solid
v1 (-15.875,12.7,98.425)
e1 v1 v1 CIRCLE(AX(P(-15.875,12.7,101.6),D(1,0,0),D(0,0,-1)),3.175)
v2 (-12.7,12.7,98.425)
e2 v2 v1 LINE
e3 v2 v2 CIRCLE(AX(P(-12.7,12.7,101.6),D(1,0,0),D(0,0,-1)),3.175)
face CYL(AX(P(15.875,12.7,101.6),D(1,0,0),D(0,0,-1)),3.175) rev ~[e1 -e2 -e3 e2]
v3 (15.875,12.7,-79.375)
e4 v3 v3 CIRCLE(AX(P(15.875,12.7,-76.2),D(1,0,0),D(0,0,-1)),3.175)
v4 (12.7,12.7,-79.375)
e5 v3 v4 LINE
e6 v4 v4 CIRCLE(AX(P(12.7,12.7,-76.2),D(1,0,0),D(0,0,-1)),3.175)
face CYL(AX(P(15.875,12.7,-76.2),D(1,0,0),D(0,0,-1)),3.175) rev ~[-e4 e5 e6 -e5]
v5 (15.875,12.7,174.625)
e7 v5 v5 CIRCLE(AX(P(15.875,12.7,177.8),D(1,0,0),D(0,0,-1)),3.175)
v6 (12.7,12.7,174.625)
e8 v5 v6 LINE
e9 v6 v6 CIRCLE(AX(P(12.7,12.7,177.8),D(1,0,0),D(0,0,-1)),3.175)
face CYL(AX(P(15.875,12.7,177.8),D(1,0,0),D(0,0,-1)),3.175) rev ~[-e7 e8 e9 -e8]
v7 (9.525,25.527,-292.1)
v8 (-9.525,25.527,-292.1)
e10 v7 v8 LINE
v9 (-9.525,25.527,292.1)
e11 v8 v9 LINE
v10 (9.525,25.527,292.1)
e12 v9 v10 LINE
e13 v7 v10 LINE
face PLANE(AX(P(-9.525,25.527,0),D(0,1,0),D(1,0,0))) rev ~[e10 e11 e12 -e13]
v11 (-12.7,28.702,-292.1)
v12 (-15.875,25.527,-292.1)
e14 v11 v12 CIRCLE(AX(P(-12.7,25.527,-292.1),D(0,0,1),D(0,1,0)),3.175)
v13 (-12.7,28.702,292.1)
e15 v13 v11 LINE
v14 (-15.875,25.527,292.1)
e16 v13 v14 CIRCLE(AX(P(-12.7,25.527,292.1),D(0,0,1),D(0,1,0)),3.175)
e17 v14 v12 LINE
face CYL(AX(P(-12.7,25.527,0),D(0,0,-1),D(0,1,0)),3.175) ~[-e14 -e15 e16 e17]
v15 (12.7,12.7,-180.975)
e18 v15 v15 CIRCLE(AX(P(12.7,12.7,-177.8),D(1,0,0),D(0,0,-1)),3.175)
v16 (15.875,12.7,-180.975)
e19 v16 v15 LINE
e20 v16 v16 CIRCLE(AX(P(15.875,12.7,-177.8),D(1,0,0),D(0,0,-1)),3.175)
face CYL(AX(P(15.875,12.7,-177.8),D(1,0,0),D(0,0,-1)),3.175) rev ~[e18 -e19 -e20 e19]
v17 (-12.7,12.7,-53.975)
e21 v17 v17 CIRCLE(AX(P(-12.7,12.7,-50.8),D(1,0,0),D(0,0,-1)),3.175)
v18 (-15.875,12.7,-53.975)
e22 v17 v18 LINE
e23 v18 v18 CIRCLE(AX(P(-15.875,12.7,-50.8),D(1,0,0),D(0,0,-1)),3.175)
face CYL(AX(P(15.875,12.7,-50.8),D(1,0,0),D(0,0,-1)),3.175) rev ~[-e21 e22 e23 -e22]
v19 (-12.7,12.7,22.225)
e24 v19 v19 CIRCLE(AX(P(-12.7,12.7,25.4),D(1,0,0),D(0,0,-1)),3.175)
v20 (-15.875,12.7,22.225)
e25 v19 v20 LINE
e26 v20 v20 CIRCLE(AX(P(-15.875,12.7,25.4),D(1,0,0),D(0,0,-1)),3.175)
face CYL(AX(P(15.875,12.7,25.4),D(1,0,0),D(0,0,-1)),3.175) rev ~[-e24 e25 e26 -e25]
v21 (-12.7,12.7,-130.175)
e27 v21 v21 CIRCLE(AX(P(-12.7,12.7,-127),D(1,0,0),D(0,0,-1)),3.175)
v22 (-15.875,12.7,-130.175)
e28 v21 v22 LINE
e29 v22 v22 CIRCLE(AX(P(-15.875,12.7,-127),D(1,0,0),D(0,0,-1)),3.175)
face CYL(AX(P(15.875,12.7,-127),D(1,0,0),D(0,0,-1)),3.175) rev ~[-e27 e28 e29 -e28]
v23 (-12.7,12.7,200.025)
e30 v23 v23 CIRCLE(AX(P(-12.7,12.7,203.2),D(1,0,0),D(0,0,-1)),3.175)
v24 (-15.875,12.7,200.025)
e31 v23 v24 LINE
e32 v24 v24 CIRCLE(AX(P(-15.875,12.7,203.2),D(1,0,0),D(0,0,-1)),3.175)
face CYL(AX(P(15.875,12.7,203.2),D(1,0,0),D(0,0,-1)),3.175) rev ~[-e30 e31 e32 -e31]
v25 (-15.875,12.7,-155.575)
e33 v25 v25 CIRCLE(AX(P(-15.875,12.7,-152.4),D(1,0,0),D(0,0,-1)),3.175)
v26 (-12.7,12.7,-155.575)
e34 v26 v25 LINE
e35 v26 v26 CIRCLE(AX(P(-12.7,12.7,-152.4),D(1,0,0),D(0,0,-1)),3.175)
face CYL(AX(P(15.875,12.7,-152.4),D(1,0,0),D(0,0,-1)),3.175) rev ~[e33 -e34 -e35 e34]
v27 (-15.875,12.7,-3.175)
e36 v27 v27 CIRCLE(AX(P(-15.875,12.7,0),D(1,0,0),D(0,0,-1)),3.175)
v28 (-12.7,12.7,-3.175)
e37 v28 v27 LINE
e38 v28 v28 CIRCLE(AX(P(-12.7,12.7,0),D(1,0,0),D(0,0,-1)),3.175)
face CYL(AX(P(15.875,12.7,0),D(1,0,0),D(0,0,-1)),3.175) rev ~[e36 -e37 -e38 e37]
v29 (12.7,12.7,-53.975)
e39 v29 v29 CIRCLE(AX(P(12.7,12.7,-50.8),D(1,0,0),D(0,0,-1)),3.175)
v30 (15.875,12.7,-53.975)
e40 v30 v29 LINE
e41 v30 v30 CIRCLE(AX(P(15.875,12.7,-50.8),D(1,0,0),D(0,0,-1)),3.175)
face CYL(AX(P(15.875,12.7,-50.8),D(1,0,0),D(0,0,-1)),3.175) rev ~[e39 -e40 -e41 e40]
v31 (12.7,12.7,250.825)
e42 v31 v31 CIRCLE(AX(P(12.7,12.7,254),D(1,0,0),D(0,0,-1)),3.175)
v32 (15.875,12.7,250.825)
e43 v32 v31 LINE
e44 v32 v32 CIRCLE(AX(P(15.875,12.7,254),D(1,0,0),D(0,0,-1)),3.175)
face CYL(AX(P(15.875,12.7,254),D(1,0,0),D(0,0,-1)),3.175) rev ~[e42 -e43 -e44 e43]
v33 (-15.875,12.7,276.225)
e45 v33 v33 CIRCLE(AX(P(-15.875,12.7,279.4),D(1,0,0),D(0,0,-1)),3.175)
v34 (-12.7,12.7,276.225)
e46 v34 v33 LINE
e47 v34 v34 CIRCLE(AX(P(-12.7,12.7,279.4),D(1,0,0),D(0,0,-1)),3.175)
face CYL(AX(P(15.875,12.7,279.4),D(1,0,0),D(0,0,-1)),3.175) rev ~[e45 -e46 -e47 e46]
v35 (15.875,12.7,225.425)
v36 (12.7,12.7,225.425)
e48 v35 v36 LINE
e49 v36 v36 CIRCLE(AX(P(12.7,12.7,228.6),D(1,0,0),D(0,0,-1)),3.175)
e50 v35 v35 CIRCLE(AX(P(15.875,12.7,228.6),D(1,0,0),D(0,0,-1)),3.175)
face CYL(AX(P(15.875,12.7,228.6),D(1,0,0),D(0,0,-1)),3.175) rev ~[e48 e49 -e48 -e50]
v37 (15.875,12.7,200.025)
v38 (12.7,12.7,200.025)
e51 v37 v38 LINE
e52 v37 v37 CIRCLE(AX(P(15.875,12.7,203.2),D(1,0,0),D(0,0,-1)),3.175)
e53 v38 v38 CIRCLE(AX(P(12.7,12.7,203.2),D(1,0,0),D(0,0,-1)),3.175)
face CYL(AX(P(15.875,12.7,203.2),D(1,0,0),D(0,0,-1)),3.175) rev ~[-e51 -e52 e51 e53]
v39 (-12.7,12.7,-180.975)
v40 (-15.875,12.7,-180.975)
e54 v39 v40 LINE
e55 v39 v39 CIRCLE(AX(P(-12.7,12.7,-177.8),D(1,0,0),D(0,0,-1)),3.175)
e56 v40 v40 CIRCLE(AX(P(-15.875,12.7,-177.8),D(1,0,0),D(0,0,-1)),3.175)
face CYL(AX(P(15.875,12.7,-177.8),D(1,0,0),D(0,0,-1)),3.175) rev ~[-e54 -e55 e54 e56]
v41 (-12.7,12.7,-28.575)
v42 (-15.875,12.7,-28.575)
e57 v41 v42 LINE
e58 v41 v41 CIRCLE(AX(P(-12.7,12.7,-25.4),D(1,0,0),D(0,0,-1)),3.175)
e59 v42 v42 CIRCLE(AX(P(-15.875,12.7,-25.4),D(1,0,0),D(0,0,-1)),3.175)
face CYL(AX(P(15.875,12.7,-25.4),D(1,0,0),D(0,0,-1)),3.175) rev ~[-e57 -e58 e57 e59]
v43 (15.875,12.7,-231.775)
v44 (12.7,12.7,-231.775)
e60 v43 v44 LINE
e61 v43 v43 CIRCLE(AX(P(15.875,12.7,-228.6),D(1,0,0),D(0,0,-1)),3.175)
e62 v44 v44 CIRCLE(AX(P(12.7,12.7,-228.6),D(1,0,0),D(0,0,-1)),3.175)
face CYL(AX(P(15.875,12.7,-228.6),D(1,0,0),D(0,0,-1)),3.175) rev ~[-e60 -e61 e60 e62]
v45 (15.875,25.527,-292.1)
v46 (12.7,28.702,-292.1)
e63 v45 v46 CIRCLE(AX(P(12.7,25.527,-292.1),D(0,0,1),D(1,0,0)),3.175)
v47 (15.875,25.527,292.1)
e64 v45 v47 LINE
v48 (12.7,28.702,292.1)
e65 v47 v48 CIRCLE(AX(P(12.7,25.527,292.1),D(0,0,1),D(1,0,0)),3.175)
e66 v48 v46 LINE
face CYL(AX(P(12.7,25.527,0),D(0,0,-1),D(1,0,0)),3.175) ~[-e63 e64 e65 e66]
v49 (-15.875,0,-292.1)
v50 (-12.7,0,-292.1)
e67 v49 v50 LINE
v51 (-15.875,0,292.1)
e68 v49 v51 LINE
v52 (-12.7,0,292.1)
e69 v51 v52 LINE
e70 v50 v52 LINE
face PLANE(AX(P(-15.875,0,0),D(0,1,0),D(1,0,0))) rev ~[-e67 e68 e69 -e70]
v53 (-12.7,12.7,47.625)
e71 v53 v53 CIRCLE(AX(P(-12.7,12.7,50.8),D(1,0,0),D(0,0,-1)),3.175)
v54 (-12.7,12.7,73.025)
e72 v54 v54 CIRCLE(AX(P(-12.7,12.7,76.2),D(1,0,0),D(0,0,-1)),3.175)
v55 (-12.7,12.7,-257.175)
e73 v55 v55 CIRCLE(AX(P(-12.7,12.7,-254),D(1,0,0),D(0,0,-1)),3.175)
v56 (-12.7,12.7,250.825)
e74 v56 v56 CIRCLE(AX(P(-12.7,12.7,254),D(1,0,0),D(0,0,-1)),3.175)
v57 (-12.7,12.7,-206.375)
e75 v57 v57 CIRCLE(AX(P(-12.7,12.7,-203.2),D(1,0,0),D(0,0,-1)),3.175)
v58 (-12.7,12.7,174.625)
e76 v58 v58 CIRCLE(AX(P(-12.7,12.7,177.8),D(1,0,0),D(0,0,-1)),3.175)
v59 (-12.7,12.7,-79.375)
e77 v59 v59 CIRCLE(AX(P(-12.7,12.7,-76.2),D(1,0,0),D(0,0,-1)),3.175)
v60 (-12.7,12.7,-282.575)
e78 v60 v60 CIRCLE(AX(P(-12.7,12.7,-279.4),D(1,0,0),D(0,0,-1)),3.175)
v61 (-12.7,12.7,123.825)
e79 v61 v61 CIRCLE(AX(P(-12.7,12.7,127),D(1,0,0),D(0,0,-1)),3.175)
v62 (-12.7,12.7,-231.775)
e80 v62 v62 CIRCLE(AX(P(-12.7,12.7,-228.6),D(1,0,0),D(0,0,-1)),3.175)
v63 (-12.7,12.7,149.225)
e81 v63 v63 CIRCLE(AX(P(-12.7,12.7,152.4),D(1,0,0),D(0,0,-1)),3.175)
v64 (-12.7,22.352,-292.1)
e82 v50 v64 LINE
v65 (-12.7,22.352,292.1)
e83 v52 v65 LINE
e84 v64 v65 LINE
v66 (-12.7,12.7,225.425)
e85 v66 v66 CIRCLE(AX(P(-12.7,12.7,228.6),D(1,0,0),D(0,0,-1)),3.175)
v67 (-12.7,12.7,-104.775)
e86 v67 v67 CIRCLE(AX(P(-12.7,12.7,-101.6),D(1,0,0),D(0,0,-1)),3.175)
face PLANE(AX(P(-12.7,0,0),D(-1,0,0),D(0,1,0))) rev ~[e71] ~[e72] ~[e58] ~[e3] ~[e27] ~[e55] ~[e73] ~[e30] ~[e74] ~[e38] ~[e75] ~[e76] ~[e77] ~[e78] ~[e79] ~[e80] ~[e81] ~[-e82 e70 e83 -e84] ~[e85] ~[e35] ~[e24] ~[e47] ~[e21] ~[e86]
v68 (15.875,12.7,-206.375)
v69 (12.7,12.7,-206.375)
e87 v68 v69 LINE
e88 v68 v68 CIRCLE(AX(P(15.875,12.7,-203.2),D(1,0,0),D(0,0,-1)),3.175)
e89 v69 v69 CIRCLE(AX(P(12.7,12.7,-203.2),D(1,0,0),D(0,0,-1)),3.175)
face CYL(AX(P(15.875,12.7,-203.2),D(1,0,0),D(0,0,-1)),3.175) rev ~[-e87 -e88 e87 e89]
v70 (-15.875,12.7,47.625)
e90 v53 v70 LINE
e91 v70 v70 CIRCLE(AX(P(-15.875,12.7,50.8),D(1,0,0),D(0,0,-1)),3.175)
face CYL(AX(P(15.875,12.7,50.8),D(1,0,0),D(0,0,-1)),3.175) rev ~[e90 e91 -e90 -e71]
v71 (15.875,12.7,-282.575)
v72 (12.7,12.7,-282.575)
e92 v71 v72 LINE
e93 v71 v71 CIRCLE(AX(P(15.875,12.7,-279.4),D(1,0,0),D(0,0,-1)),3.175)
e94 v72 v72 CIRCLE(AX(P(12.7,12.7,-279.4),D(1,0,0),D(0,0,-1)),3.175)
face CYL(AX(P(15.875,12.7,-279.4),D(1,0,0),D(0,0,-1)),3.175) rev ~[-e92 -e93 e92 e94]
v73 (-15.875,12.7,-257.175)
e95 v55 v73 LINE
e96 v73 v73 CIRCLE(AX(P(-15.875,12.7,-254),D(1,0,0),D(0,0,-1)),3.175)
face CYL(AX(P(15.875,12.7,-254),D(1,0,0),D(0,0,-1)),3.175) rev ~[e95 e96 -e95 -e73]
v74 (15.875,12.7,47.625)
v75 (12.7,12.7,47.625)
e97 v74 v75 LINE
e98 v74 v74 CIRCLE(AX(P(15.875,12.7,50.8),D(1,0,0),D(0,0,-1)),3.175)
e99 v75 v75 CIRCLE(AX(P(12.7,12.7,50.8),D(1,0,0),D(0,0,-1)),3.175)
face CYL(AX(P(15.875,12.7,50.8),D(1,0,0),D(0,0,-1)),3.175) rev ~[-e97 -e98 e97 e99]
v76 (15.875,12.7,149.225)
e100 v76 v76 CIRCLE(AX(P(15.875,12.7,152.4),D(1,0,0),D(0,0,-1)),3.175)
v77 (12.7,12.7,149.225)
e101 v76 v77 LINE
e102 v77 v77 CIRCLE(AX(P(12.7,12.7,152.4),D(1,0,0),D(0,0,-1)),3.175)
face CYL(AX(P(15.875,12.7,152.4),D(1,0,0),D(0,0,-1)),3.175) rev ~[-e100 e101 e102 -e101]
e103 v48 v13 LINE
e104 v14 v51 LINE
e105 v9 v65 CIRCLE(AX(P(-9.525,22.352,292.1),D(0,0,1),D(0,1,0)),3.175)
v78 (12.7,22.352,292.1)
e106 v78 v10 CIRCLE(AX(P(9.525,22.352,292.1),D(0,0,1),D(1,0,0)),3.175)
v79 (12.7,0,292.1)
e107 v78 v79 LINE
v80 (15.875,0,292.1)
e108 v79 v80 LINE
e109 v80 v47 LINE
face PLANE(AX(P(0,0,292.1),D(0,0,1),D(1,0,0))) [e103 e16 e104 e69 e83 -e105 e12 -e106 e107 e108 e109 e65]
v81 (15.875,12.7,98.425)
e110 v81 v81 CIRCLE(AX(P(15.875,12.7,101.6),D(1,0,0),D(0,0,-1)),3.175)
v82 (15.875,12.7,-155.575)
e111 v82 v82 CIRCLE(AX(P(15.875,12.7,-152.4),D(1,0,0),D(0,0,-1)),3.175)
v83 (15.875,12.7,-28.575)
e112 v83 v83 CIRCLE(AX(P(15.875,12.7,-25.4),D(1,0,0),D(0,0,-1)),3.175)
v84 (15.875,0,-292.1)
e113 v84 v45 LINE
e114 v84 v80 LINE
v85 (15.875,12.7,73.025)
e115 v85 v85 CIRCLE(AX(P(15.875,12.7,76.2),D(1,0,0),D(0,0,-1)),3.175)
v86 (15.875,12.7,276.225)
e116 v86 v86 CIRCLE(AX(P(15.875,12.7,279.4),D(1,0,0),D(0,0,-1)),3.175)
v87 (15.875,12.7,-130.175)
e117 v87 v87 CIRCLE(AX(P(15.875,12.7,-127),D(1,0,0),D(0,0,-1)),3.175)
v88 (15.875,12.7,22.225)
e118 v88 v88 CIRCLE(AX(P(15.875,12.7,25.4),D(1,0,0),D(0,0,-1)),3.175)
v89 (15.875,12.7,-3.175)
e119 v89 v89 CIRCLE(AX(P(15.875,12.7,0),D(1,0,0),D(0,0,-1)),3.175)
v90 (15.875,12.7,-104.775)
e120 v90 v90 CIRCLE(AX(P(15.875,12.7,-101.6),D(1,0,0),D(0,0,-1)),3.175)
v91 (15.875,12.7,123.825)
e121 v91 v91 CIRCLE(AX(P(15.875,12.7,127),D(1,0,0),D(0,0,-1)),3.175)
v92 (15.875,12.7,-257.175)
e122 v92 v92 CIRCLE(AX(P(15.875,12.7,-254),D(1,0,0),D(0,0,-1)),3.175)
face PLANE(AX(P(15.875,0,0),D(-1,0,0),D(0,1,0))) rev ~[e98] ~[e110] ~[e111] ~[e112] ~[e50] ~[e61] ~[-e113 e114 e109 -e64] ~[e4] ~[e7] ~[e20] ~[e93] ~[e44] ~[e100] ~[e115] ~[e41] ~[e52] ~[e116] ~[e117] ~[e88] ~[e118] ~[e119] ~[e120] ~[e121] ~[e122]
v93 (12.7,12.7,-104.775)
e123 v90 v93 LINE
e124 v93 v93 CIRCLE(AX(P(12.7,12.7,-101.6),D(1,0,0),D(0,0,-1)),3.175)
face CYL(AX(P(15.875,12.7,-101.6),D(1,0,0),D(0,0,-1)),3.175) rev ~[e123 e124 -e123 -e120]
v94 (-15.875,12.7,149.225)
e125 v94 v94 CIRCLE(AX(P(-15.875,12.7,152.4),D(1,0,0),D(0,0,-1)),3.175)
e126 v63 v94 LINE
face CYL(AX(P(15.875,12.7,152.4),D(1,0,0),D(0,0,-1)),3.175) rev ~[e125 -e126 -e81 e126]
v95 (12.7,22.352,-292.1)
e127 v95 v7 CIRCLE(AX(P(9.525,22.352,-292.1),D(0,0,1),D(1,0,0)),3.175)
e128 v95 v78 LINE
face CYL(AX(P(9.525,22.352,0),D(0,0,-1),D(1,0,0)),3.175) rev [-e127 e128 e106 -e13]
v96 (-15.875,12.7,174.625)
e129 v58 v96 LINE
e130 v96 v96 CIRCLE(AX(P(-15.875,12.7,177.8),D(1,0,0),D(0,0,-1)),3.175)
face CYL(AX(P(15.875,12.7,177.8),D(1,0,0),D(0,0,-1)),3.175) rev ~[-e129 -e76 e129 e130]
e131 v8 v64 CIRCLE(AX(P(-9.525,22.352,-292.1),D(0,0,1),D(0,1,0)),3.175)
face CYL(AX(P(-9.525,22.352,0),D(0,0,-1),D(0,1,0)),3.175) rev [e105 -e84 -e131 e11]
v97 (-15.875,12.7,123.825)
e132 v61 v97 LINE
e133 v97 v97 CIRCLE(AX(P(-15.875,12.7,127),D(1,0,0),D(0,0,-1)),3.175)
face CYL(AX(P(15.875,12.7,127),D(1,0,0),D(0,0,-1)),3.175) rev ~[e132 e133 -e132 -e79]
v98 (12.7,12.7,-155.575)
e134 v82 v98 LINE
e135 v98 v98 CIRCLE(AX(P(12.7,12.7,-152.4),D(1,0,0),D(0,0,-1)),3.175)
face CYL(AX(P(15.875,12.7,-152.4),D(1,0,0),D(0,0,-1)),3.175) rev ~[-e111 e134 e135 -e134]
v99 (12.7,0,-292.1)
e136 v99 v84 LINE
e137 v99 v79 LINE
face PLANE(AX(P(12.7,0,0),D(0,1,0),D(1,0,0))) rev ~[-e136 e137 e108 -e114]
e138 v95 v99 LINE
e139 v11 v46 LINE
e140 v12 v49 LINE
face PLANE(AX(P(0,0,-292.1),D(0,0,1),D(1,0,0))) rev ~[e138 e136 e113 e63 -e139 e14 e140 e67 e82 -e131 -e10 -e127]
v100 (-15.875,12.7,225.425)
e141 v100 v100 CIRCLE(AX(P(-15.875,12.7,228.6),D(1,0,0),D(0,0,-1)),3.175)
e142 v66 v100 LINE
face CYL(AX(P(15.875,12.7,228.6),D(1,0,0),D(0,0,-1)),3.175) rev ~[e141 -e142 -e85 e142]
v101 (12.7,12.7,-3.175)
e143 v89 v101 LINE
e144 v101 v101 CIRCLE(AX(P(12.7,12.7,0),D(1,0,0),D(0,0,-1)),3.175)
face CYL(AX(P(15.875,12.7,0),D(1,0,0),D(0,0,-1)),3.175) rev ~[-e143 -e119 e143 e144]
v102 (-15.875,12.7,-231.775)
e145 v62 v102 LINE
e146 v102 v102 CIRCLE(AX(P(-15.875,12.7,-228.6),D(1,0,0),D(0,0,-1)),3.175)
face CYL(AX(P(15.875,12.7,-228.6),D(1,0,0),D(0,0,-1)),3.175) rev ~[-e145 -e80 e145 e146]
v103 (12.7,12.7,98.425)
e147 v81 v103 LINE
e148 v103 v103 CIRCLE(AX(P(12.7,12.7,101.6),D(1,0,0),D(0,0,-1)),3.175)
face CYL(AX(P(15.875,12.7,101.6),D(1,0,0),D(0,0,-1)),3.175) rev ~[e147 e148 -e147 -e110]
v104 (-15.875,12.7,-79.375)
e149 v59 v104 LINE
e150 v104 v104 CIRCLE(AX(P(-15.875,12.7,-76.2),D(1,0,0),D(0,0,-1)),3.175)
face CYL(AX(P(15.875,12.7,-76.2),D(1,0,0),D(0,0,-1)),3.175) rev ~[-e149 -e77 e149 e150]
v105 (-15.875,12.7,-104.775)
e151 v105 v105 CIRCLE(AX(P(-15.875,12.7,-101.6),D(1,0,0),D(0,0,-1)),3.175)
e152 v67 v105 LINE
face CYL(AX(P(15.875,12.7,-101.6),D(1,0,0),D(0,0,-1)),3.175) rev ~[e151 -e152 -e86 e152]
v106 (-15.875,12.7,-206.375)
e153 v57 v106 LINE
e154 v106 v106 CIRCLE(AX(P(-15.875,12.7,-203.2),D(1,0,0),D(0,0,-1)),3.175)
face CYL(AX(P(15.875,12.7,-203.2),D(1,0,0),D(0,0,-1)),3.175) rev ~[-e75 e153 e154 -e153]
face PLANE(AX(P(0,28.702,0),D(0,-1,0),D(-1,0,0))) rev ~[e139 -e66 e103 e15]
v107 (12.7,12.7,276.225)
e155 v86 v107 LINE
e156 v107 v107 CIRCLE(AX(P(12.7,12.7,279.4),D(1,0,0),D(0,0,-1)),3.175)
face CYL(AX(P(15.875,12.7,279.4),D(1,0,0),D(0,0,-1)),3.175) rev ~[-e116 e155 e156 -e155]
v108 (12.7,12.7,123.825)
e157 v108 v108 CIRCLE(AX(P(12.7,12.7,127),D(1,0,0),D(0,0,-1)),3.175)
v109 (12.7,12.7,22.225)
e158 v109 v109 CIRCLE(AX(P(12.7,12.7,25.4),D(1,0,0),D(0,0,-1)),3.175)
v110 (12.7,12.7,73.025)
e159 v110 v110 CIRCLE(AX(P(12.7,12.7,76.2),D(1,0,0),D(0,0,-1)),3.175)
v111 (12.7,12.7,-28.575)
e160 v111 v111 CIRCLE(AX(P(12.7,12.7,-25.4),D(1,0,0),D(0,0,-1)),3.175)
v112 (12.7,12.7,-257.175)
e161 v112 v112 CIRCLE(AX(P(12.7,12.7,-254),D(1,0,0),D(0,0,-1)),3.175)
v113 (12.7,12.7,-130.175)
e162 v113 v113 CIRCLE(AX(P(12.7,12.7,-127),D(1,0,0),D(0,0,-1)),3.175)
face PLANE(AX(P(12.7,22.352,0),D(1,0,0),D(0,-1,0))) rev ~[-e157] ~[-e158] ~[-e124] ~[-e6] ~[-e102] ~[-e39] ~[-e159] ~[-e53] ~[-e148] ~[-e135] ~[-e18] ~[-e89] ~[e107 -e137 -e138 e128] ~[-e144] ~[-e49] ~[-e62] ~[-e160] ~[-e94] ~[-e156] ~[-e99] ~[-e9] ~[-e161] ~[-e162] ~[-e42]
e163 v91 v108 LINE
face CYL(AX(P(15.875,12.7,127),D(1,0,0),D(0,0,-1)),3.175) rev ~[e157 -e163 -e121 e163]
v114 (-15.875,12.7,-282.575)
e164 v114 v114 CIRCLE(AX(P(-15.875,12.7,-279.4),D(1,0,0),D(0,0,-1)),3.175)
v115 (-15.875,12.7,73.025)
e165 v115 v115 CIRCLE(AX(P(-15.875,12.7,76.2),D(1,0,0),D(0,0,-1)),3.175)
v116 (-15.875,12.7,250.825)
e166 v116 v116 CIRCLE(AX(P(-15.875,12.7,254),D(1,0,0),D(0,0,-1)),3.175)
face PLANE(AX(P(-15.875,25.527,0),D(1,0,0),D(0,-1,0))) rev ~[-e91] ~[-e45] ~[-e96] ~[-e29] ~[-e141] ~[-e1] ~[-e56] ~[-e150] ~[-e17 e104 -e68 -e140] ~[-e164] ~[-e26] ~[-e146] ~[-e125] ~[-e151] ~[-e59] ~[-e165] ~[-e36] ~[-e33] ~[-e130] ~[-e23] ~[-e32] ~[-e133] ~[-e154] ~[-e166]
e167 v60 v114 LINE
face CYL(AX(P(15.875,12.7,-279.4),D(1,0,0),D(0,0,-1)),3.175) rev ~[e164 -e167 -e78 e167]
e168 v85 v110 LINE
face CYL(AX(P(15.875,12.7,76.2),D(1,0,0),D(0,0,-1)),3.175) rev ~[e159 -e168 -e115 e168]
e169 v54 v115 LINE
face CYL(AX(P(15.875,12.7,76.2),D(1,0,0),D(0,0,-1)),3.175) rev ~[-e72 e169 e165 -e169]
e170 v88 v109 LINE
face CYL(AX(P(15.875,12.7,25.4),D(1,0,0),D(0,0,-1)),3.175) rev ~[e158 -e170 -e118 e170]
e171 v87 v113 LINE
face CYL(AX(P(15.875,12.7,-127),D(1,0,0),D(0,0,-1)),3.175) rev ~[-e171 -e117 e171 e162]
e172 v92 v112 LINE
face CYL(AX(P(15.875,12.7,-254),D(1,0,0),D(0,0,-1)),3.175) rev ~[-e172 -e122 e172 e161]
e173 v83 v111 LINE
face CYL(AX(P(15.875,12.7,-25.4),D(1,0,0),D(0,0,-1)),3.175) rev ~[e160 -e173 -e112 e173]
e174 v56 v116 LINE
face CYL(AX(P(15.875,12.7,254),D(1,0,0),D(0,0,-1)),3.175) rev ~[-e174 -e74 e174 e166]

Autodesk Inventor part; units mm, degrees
ref_plane "YZ Plane" through (0, 0, 0) normal (1, 0, 0) x (0, 1, 0)
ref_plane "XZ Plane" through (0, 0, 0) normal (0, 1, 0) x (-1, 0, 0)
ref_plane "XY Plane" through (0, 0, 0) normal (0, 0, 1) x (1, 0, 0)
sketch "Sketch1" plane through (0, 0, 0) normal (0, 0, 1) x (1, 0, 0)
  line L0 (-15.875, 0) -> (-12.7, 0)
  line L1 (-12.7, 0) -> (-12.7, 22.352)
  line L2 (-9.525, 25.527) -> (9.525, 25.527)
  line L3 (12.7, 22.352) -> (12.7, 0)
  line L4 (12.7, 0) -> (15.875, 0)
  line L5 (15.875, 0) -> (15.875, 25.527)
  line L6 (12.7, 28.702) -> (-12.7, 28.702)
  line L7 (-15.875, 25.527) -> (-15.875, 0)
  arc A0 (-9.525, 25.527) -> (-12.7, 22.352) centre (-9.525, 22.352) ccw
  arc A1 (12.7, 22.352) -> (9.525, 25.527) centre (9.525, 22.352) ccw
  arc A2 (-12.7, 28.702) -> (-15.875, 25.527) centre (-12.7, 25.527) ccw
  arc A3 (15.875, 25.527) -> (12.7, 28.702) centre (12.7, 25.527) ccw
  line L8 (0, 35.2315) -> (0, -5.8719) projected
  point P0 (0, 0)
  dimension "d0" = 28.702
  dimension "d1" = 31.75
  dimension "d2" = 3.175
  dimension "d3" = 3.175
  dimension "d4" = 3.175
extrude "Extrusion1" add sketch "Sketch1" along normal mid plane 584.2
sketch "Sketch4" plane through (15.875, 0, 292.1) normal (1, 0, 0) x (0, 0, -1)
  line L0 (292.1, -5.7404) -> (292.1, 34.4424) construction
  line L1 (-116.84, 0) -> (701.04, 0) construction
  circle A0 centre (292.1, 12.7) radius 3.175
  point P0 (292.1, 0)
  dimension "d34" = 12.7
  dimension "d35" = 0
  dimension "d36" = 6.35
extrude "Extrusion4" cut sketch "Sketch4" against normal up to surface (31.75 mm away)
pattern_linear "Rectangular Pattern3" count 15 spacing 25.4 along (0, 0, 1) count 15 spacing 25.4 along (0, 0, -1) of "Extrusion4"
equation "\"d5\" = SupportLength"
equation "\"SupportLength\" = 584.2"
properties part number "CornerChannel" material "Aluminum 6061"
